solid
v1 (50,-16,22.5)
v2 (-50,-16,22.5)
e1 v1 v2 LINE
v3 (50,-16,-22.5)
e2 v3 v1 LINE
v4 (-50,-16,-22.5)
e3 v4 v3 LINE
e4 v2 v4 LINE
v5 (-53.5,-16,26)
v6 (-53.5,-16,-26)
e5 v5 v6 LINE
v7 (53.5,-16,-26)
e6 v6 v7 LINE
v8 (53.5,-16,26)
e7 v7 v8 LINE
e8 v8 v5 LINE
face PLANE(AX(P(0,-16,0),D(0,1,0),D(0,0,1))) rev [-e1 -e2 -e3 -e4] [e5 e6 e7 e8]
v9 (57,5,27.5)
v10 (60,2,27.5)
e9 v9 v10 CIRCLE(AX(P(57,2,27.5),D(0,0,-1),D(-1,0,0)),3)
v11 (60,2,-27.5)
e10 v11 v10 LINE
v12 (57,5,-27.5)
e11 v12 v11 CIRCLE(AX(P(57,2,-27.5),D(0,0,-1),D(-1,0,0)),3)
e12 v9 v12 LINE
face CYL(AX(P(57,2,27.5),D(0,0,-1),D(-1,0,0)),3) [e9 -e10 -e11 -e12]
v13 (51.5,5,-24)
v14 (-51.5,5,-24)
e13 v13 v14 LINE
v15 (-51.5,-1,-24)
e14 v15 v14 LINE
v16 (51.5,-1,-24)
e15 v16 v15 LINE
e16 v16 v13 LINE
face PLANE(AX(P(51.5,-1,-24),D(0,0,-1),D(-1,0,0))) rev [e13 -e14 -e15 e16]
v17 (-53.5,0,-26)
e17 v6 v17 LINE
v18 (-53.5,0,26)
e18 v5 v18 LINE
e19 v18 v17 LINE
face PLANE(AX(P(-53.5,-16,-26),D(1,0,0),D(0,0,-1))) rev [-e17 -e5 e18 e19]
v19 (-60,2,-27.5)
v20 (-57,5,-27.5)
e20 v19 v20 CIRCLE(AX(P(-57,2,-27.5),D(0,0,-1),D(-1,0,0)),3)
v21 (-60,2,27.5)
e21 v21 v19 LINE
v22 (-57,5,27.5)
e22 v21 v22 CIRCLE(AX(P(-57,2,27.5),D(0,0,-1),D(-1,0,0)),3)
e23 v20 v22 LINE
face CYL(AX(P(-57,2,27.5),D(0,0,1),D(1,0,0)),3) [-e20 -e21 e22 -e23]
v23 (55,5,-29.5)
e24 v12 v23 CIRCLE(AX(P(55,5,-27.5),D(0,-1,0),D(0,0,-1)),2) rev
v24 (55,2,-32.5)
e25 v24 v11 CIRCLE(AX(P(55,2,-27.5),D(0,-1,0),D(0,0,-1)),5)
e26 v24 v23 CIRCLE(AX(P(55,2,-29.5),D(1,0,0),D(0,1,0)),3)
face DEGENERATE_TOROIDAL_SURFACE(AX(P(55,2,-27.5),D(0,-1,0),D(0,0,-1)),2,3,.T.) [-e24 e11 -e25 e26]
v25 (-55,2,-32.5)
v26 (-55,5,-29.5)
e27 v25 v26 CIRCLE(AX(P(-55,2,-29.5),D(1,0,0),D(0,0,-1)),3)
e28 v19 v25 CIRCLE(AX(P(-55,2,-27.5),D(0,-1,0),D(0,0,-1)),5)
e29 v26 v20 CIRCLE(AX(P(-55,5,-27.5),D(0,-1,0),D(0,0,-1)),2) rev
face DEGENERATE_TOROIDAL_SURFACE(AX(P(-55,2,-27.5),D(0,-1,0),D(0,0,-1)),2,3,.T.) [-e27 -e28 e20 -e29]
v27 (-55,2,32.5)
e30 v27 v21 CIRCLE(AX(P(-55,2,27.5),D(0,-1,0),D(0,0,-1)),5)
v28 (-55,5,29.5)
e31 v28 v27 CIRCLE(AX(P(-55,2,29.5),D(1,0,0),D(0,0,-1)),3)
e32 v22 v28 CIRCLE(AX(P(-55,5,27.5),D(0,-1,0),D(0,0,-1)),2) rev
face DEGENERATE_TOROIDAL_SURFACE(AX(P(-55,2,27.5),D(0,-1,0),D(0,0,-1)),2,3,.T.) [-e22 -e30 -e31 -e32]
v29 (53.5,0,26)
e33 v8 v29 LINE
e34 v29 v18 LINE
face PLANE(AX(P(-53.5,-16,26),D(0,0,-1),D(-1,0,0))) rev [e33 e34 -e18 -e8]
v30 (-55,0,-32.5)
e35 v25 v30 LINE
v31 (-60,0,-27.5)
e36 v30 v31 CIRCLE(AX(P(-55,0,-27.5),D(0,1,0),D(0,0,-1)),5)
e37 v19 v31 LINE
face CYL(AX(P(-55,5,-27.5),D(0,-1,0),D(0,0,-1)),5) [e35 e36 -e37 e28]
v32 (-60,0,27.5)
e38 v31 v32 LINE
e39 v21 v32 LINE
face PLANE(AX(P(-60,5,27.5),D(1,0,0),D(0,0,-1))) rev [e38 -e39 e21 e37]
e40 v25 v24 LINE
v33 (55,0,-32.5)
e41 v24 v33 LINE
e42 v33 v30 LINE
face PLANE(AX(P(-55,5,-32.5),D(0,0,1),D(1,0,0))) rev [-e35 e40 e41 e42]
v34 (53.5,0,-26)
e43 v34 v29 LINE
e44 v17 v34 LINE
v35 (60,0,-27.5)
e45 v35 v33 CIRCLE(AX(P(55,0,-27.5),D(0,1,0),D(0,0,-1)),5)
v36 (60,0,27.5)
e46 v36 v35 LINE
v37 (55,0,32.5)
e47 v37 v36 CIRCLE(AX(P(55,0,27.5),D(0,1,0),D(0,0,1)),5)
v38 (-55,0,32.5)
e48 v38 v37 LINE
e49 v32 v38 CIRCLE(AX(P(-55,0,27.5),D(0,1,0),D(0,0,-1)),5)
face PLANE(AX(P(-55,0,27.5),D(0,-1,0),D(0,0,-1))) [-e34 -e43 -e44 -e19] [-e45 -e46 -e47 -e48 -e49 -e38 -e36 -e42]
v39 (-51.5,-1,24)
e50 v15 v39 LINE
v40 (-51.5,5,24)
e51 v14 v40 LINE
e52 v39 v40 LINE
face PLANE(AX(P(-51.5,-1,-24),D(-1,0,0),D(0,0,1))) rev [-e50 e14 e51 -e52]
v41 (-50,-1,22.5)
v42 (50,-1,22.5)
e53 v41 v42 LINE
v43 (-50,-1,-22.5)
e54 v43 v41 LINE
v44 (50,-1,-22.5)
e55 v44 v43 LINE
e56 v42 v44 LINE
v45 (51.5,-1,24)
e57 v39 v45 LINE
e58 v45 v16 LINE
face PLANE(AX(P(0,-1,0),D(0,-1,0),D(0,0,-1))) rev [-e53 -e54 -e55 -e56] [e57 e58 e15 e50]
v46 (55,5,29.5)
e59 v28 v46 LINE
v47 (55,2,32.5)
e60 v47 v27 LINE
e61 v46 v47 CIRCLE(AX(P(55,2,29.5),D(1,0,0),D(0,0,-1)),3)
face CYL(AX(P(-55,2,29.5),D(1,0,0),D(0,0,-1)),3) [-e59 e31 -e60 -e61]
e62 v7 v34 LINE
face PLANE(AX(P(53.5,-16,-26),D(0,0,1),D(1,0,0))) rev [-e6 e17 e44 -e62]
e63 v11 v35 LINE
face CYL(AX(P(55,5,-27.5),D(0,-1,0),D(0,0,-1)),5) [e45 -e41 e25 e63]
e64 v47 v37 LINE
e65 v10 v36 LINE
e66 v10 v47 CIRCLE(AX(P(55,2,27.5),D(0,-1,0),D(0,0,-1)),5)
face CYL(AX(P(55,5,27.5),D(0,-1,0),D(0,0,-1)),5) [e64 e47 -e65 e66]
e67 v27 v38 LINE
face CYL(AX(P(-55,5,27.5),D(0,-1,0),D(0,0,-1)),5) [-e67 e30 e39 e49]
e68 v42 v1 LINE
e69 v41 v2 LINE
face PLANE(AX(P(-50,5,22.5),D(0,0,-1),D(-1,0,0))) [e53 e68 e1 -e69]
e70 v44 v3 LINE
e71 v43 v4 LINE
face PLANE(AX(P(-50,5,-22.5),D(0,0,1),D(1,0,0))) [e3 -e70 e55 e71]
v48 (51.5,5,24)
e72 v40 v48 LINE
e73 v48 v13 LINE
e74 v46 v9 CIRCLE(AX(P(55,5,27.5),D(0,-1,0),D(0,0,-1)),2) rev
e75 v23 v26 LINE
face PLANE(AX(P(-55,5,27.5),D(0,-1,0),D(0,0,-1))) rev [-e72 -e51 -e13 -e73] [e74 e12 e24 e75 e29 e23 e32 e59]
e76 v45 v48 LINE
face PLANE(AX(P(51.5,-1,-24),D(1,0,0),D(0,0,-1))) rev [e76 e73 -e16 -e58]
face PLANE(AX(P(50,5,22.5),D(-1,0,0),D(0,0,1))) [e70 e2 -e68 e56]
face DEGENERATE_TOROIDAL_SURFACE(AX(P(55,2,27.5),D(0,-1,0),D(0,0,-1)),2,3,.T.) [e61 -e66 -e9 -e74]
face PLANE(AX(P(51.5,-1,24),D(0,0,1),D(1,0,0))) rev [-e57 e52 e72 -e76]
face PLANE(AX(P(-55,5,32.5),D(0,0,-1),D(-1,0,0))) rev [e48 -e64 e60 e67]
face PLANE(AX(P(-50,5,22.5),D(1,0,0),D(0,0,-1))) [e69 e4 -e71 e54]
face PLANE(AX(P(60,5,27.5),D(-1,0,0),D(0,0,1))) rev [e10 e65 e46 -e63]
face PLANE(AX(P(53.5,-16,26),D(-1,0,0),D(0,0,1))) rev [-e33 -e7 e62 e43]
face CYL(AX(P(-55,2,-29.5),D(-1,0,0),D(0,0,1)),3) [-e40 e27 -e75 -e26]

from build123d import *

# Parameters (mm, degrees)
SKETCH1_W           = 100
SKETCH1_H           = 45
BOSS_EXTRUDE1_DEPTH = 5
SKETCH2_W           = 107
SKETCH2_H           = 52
SKETCH2_W_2         = 100
SKETCH2_H_2         = 45
BOSS_EXTRUDE2_DEPTH = 16
FILLET1_R           = 3
SKETCH3_W           = 103
SKETCH3_H           = 48
SKETCH3_W_2         = 100
SKETCH3_H_2         = 45
CUT_EXTRUDE1_DEPTH  = 6


with BuildPart() as part:
    # Sketch1 → Boss-Extrude1 (new body)
    with BuildSketch(Plane(origin=(0, 0, 0), x_dir=(1, 0, 0), z_dir=(0, 1, 0))):
        with BuildLine():
            Line((-55, -32.5), (55, -32.5))
            ThreePointArc((55, -32.5), (58.535533906, -31.035533906), (60, -27.5))
            Line((60, -27.5), (60, 27.5))
            ThreePointArc((60, 27.5), (58.535533906, 31.035533906), (55, 32.5))
            Line((55, 32.5), (-55, 32.5))
            ThreePointArc((-55, 32.5), (-58.535533906, 31.035533906), (-60, 27.5))
            Line((-60, 27.5), (-60, -27.5))
            ThreePointArc((-60, -27.5), (-58.535533906, -31.035533906), (-55, -32.5))
        make_face()
        Rectangle(SKETCH1_W, SKETCH1_H, mode=Mode.SUBTRACT)
    extrude(amount=BOSS_EXTRUDE1_DEPTH)

    # Sketch2 → Boss-Extrude2 (add)
    with BuildSketch(Plane.XZ):
        Rectangle(SKETCH2_W, SKETCH2_H)
        Rectangle(SKETCH2_W_2, SKETCH2_H_2, mode=Mode.SUBTRACT)
    extrude(amount=BOSS_EXTRUDE2_DEPTH)

    # Fillet1
    fillet1_edges = [part.edges().sort_by_distance(p)[0] for p in [
        (58.535533906, 5, 31.035533906),
        (60, 5, 0),
        (58.535533906, 5, -31.035533906),
        (0, 5, -32.5),
        (-58.535533906, 5, -31.035533906),
        (-60, 5, 0),
        (-58.535533906, 5, 31.035533906),
        (0, 5, 32.5),
    ]]
    fillet(fillet1_edges, radius=FILLET1_R)

    # Sketch3 → Cut-Extrude1 (cut)
    with BuildSketch(Plane(origin=(0, 5, 0), x_dir=(1, 0, 0), z_dir=(0, 1, 0))):
        Rectangle(SKETCH3_W, SKETCH3_H)
        Rectangle(SKETCH3_W_2, SKETCH3_H_2, mode=Mode.SUBTRACT)
    extrude(amount=-CUT_EXTRUDE1_DEPTH, mode=Mode.SUBTRACT)


solid = part.part
